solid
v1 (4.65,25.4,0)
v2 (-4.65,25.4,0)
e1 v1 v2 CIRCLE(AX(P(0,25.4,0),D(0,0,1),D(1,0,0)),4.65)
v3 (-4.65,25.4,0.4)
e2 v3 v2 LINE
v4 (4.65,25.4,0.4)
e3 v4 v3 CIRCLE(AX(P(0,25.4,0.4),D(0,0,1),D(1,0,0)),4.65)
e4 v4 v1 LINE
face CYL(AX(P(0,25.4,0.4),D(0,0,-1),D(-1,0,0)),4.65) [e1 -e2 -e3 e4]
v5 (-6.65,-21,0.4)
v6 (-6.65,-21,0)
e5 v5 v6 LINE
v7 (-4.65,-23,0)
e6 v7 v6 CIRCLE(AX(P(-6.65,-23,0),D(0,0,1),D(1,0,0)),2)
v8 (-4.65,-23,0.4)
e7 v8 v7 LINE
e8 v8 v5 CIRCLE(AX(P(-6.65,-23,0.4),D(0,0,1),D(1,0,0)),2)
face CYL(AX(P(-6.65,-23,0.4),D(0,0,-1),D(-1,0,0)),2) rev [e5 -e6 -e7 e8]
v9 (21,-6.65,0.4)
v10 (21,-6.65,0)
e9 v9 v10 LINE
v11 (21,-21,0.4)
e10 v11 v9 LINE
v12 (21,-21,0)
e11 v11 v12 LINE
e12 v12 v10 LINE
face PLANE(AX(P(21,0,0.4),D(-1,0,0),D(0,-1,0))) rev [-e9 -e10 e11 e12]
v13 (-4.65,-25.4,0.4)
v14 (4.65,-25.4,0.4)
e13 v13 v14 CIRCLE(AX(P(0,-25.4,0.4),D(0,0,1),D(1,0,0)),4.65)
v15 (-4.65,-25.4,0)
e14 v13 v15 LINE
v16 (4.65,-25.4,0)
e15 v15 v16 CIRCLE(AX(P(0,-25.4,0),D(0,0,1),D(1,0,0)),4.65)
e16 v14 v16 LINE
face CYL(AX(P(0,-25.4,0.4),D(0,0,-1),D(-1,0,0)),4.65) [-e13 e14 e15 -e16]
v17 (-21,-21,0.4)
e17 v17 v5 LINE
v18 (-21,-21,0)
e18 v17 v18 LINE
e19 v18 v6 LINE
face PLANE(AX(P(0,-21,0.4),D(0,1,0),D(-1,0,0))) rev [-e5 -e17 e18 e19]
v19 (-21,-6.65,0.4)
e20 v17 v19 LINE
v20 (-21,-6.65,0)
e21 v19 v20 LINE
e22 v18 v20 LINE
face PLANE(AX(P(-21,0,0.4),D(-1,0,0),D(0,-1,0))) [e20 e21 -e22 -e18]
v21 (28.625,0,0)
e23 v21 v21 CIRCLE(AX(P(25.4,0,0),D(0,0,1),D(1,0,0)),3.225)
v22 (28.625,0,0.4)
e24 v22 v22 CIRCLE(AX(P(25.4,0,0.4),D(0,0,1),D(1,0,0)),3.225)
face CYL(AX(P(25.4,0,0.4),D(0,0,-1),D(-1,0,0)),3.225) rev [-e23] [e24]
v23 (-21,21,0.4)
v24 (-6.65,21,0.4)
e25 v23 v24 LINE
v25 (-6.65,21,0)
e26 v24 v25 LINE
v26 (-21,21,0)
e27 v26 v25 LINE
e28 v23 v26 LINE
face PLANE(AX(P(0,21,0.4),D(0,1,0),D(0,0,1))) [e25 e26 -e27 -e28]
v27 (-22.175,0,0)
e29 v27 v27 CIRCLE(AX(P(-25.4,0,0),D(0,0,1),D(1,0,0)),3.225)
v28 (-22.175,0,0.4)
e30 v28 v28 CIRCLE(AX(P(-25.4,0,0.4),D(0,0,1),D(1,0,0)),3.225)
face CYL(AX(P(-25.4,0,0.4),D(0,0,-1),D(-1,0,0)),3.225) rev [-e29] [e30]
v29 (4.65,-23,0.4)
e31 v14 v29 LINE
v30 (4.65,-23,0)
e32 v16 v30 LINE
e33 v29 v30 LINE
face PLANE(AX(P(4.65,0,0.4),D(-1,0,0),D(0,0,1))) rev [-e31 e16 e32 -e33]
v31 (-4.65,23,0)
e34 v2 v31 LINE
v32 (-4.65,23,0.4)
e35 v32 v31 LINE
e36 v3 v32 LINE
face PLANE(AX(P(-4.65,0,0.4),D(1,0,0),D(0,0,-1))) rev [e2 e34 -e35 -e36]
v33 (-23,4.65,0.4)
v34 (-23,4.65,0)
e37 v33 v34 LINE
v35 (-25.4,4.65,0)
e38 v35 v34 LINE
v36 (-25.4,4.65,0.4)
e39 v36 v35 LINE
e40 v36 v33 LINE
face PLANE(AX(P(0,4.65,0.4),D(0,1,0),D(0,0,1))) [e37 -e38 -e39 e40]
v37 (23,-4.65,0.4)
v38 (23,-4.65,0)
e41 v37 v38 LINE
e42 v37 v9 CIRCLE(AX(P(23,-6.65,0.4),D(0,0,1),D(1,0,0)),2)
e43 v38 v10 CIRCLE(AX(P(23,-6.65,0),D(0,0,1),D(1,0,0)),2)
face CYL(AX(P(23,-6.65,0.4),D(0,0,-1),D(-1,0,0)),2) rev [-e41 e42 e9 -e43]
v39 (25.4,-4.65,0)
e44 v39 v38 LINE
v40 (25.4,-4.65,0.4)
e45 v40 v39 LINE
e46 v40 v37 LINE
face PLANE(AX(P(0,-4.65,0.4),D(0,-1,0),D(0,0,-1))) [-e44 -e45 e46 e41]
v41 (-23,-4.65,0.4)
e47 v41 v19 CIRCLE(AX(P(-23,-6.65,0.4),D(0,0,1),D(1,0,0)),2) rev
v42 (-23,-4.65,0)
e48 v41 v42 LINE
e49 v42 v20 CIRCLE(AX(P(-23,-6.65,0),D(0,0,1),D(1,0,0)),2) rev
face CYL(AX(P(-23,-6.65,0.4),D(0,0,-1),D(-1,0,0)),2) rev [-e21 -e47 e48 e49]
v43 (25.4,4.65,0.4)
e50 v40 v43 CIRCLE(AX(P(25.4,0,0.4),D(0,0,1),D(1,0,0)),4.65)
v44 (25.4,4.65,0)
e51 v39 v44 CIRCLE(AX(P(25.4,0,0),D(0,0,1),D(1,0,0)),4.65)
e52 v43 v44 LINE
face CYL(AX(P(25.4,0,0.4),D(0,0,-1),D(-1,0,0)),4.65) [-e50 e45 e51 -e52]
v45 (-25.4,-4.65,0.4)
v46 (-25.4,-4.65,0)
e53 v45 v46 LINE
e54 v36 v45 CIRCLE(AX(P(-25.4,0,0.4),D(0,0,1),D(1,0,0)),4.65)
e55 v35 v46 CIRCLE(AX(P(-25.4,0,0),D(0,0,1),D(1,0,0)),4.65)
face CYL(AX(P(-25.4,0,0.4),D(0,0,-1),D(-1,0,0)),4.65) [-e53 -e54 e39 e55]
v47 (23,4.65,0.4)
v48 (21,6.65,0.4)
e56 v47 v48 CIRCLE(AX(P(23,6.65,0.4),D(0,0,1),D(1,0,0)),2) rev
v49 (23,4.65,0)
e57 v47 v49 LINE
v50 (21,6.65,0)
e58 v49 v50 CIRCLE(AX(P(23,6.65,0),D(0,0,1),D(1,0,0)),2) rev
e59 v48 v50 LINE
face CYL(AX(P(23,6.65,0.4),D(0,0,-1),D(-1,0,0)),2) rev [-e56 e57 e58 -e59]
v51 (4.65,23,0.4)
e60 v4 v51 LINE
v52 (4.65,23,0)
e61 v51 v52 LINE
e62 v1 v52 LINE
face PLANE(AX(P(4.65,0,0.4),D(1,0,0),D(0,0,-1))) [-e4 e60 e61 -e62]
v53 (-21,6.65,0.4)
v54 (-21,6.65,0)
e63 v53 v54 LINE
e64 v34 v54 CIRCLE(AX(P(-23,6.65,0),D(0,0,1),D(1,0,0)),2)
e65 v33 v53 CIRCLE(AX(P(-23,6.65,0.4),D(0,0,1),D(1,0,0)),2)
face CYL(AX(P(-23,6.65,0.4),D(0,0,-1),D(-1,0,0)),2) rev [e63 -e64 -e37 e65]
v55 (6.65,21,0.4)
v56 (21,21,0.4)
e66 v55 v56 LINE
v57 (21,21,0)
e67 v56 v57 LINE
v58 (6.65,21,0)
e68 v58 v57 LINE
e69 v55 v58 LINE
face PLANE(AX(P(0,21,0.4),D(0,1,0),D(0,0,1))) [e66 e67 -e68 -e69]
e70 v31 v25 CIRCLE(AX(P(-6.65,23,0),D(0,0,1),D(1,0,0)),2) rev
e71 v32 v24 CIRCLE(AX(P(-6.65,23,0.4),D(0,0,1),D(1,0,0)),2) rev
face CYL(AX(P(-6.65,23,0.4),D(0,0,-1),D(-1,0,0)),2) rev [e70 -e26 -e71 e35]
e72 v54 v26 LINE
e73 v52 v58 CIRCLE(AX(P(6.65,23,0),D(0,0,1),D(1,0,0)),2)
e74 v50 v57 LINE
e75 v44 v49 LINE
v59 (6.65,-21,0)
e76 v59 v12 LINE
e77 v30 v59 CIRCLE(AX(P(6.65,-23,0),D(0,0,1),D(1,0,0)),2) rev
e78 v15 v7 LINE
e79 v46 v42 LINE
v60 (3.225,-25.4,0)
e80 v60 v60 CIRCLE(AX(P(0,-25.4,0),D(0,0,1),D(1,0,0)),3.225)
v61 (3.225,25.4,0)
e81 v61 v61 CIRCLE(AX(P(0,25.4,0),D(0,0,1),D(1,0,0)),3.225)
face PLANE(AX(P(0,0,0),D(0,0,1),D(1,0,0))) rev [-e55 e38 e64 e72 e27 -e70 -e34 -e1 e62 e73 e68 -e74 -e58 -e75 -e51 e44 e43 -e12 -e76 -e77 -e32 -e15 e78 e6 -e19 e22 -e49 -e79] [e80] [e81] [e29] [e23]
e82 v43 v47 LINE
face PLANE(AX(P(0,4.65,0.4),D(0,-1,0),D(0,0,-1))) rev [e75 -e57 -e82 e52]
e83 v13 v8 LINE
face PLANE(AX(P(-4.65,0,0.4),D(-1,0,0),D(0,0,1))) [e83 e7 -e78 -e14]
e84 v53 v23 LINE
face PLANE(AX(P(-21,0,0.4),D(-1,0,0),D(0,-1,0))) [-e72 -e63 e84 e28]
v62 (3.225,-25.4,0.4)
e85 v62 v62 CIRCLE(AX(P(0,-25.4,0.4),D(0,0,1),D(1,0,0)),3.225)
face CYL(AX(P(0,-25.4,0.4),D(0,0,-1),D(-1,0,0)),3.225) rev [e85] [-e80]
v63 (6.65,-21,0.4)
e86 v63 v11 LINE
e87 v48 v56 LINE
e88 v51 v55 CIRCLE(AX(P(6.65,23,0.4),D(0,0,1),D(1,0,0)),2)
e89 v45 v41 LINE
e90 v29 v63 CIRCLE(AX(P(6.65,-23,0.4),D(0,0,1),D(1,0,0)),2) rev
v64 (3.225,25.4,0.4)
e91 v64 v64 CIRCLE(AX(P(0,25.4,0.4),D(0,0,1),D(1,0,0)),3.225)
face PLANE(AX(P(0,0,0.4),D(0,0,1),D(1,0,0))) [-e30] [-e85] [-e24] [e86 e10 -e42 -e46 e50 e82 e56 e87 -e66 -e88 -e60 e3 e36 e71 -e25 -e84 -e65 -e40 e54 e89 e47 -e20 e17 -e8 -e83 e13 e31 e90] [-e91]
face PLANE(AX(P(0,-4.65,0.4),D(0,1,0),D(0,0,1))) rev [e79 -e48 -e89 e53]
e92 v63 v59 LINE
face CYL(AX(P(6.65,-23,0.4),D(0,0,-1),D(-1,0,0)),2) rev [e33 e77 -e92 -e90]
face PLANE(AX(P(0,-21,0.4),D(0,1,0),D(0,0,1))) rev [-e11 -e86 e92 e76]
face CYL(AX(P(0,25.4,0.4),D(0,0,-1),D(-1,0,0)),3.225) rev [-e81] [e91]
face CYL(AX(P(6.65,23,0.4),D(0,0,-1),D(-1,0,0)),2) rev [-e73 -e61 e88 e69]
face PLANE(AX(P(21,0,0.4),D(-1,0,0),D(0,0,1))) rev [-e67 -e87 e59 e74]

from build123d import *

# Parameters (mm, degrees)
SKETCH1_R           = 3.225
BOSS_EXTRUDE1_DEPTH = 0.4


with BuildPart() as part:
    # Sketch1 → Boss-Extrude1 (new body)
    with BuildSketch(Plane.XY):
        with BuildLine():
            ThreePointArc((4.65, 25.4), (0, 30.05), (-4.65, 25.4))
            Line((-4.65, 25.4), (-4.65, 23))
            ThreePointArc((-4.65, 23), (-5.235786438, 21.585786438), (-6.65, 21))
            Line((-6.65, 21), (-8.759132098, 21))
            Line((-8.759132098, 21), (-21, 21))
            Line((-21, 21), (-21, 7.133487824))
            Line((-21, 7.133487824), (-21, 6.65))
            ThreePointArc((-21, 6.65), (-21.585786438, 5.235786438), (-23, 4.65))
            Line((-23, 4.65), (-25.4, 4.65))
            ThreePointArc((-25.4, 4.65), (-30.05, 0), (-25.4, -4.65))
            Line((-25.4, -4.65), (-23, -4.65))
            ThreePointArc((-23, -4.65), (-21.585786438, -5.235786438), (-21, -6.65))
            Line((-21, -6.65), (-21, -8.759132098))
            Line((-21, -8.759132098), (-21, -21))
            Line((-21, -21), (-7.133487824, -21))
            Line((-7.133487824, -21), (-6.65, -21))
            ThreePointArc((-6.65, -21), (-5.235786438, -21.585786438), (-4.65, -23))
            Line((-4.65, -23), (-4.65, -25.4))
            ThreePointArc((-4.65, -25.4), (0, -30.05), (4.65, -25.4))
            Line((4.65, -25.4), (4.65, -23))
            ThreePointArc((4.65, -23), (5.235786438, -21.585786438), (6.65, -21))
            Line((6.65, -21), (8.759132098, -21))
            Line((8.759132098, -21), (21, -21))
            Line((21, -21), (21, -7.133487824))
            Line((21, -7.133487824), (21, -6.65))
            ThreePointArc((21, -6.65), (21.585786438, -5.235786438), (23, -4.65))
            Line((23, -4.65), (25.4, -4.65))
            ThreePointArc((25.4, -4.65), (30.05, 0), (25.4, 4.65))
            Line((25.4, 4.65), (23, 4.65))
            ThreePointArc((23, 4.65), (21.585786438, 5.235786438), (21, 6.65))
            Line((21, 6.65), (21, 8.759132098))
            Line((21, 8.759132098), (21, 21))
            Line((21, 21), (7.133487824, 21))
            Line((7.133487824, 21), (6.65, 21))
            ThreePointArc((6.65, 21), (5.235786438, 21.585786438), (4.65, 23))
            Line((4.65, 23), (4.65, 25.4))
        make_face()
        with Locations((0, -25.4)):
            Circle(SKETCH1_R, mode=Mode.SUBTRACT)
        with Locations((25.4, 0)):
            Circle(SKETCH1_R, mode=Mode.SUBTRACT)
        with Locations((-25.4, 0)):
            Circle(SKETCH1_R, mode=Mode.SUBTRACT)
        with Locations((0, 25.4)):
            Circle(SKETCH1_R, mode=Mode.SUBTRACT)
    extrude(amount=BOSS_EXTRUDE1_DEPTH)


solid = part.part
